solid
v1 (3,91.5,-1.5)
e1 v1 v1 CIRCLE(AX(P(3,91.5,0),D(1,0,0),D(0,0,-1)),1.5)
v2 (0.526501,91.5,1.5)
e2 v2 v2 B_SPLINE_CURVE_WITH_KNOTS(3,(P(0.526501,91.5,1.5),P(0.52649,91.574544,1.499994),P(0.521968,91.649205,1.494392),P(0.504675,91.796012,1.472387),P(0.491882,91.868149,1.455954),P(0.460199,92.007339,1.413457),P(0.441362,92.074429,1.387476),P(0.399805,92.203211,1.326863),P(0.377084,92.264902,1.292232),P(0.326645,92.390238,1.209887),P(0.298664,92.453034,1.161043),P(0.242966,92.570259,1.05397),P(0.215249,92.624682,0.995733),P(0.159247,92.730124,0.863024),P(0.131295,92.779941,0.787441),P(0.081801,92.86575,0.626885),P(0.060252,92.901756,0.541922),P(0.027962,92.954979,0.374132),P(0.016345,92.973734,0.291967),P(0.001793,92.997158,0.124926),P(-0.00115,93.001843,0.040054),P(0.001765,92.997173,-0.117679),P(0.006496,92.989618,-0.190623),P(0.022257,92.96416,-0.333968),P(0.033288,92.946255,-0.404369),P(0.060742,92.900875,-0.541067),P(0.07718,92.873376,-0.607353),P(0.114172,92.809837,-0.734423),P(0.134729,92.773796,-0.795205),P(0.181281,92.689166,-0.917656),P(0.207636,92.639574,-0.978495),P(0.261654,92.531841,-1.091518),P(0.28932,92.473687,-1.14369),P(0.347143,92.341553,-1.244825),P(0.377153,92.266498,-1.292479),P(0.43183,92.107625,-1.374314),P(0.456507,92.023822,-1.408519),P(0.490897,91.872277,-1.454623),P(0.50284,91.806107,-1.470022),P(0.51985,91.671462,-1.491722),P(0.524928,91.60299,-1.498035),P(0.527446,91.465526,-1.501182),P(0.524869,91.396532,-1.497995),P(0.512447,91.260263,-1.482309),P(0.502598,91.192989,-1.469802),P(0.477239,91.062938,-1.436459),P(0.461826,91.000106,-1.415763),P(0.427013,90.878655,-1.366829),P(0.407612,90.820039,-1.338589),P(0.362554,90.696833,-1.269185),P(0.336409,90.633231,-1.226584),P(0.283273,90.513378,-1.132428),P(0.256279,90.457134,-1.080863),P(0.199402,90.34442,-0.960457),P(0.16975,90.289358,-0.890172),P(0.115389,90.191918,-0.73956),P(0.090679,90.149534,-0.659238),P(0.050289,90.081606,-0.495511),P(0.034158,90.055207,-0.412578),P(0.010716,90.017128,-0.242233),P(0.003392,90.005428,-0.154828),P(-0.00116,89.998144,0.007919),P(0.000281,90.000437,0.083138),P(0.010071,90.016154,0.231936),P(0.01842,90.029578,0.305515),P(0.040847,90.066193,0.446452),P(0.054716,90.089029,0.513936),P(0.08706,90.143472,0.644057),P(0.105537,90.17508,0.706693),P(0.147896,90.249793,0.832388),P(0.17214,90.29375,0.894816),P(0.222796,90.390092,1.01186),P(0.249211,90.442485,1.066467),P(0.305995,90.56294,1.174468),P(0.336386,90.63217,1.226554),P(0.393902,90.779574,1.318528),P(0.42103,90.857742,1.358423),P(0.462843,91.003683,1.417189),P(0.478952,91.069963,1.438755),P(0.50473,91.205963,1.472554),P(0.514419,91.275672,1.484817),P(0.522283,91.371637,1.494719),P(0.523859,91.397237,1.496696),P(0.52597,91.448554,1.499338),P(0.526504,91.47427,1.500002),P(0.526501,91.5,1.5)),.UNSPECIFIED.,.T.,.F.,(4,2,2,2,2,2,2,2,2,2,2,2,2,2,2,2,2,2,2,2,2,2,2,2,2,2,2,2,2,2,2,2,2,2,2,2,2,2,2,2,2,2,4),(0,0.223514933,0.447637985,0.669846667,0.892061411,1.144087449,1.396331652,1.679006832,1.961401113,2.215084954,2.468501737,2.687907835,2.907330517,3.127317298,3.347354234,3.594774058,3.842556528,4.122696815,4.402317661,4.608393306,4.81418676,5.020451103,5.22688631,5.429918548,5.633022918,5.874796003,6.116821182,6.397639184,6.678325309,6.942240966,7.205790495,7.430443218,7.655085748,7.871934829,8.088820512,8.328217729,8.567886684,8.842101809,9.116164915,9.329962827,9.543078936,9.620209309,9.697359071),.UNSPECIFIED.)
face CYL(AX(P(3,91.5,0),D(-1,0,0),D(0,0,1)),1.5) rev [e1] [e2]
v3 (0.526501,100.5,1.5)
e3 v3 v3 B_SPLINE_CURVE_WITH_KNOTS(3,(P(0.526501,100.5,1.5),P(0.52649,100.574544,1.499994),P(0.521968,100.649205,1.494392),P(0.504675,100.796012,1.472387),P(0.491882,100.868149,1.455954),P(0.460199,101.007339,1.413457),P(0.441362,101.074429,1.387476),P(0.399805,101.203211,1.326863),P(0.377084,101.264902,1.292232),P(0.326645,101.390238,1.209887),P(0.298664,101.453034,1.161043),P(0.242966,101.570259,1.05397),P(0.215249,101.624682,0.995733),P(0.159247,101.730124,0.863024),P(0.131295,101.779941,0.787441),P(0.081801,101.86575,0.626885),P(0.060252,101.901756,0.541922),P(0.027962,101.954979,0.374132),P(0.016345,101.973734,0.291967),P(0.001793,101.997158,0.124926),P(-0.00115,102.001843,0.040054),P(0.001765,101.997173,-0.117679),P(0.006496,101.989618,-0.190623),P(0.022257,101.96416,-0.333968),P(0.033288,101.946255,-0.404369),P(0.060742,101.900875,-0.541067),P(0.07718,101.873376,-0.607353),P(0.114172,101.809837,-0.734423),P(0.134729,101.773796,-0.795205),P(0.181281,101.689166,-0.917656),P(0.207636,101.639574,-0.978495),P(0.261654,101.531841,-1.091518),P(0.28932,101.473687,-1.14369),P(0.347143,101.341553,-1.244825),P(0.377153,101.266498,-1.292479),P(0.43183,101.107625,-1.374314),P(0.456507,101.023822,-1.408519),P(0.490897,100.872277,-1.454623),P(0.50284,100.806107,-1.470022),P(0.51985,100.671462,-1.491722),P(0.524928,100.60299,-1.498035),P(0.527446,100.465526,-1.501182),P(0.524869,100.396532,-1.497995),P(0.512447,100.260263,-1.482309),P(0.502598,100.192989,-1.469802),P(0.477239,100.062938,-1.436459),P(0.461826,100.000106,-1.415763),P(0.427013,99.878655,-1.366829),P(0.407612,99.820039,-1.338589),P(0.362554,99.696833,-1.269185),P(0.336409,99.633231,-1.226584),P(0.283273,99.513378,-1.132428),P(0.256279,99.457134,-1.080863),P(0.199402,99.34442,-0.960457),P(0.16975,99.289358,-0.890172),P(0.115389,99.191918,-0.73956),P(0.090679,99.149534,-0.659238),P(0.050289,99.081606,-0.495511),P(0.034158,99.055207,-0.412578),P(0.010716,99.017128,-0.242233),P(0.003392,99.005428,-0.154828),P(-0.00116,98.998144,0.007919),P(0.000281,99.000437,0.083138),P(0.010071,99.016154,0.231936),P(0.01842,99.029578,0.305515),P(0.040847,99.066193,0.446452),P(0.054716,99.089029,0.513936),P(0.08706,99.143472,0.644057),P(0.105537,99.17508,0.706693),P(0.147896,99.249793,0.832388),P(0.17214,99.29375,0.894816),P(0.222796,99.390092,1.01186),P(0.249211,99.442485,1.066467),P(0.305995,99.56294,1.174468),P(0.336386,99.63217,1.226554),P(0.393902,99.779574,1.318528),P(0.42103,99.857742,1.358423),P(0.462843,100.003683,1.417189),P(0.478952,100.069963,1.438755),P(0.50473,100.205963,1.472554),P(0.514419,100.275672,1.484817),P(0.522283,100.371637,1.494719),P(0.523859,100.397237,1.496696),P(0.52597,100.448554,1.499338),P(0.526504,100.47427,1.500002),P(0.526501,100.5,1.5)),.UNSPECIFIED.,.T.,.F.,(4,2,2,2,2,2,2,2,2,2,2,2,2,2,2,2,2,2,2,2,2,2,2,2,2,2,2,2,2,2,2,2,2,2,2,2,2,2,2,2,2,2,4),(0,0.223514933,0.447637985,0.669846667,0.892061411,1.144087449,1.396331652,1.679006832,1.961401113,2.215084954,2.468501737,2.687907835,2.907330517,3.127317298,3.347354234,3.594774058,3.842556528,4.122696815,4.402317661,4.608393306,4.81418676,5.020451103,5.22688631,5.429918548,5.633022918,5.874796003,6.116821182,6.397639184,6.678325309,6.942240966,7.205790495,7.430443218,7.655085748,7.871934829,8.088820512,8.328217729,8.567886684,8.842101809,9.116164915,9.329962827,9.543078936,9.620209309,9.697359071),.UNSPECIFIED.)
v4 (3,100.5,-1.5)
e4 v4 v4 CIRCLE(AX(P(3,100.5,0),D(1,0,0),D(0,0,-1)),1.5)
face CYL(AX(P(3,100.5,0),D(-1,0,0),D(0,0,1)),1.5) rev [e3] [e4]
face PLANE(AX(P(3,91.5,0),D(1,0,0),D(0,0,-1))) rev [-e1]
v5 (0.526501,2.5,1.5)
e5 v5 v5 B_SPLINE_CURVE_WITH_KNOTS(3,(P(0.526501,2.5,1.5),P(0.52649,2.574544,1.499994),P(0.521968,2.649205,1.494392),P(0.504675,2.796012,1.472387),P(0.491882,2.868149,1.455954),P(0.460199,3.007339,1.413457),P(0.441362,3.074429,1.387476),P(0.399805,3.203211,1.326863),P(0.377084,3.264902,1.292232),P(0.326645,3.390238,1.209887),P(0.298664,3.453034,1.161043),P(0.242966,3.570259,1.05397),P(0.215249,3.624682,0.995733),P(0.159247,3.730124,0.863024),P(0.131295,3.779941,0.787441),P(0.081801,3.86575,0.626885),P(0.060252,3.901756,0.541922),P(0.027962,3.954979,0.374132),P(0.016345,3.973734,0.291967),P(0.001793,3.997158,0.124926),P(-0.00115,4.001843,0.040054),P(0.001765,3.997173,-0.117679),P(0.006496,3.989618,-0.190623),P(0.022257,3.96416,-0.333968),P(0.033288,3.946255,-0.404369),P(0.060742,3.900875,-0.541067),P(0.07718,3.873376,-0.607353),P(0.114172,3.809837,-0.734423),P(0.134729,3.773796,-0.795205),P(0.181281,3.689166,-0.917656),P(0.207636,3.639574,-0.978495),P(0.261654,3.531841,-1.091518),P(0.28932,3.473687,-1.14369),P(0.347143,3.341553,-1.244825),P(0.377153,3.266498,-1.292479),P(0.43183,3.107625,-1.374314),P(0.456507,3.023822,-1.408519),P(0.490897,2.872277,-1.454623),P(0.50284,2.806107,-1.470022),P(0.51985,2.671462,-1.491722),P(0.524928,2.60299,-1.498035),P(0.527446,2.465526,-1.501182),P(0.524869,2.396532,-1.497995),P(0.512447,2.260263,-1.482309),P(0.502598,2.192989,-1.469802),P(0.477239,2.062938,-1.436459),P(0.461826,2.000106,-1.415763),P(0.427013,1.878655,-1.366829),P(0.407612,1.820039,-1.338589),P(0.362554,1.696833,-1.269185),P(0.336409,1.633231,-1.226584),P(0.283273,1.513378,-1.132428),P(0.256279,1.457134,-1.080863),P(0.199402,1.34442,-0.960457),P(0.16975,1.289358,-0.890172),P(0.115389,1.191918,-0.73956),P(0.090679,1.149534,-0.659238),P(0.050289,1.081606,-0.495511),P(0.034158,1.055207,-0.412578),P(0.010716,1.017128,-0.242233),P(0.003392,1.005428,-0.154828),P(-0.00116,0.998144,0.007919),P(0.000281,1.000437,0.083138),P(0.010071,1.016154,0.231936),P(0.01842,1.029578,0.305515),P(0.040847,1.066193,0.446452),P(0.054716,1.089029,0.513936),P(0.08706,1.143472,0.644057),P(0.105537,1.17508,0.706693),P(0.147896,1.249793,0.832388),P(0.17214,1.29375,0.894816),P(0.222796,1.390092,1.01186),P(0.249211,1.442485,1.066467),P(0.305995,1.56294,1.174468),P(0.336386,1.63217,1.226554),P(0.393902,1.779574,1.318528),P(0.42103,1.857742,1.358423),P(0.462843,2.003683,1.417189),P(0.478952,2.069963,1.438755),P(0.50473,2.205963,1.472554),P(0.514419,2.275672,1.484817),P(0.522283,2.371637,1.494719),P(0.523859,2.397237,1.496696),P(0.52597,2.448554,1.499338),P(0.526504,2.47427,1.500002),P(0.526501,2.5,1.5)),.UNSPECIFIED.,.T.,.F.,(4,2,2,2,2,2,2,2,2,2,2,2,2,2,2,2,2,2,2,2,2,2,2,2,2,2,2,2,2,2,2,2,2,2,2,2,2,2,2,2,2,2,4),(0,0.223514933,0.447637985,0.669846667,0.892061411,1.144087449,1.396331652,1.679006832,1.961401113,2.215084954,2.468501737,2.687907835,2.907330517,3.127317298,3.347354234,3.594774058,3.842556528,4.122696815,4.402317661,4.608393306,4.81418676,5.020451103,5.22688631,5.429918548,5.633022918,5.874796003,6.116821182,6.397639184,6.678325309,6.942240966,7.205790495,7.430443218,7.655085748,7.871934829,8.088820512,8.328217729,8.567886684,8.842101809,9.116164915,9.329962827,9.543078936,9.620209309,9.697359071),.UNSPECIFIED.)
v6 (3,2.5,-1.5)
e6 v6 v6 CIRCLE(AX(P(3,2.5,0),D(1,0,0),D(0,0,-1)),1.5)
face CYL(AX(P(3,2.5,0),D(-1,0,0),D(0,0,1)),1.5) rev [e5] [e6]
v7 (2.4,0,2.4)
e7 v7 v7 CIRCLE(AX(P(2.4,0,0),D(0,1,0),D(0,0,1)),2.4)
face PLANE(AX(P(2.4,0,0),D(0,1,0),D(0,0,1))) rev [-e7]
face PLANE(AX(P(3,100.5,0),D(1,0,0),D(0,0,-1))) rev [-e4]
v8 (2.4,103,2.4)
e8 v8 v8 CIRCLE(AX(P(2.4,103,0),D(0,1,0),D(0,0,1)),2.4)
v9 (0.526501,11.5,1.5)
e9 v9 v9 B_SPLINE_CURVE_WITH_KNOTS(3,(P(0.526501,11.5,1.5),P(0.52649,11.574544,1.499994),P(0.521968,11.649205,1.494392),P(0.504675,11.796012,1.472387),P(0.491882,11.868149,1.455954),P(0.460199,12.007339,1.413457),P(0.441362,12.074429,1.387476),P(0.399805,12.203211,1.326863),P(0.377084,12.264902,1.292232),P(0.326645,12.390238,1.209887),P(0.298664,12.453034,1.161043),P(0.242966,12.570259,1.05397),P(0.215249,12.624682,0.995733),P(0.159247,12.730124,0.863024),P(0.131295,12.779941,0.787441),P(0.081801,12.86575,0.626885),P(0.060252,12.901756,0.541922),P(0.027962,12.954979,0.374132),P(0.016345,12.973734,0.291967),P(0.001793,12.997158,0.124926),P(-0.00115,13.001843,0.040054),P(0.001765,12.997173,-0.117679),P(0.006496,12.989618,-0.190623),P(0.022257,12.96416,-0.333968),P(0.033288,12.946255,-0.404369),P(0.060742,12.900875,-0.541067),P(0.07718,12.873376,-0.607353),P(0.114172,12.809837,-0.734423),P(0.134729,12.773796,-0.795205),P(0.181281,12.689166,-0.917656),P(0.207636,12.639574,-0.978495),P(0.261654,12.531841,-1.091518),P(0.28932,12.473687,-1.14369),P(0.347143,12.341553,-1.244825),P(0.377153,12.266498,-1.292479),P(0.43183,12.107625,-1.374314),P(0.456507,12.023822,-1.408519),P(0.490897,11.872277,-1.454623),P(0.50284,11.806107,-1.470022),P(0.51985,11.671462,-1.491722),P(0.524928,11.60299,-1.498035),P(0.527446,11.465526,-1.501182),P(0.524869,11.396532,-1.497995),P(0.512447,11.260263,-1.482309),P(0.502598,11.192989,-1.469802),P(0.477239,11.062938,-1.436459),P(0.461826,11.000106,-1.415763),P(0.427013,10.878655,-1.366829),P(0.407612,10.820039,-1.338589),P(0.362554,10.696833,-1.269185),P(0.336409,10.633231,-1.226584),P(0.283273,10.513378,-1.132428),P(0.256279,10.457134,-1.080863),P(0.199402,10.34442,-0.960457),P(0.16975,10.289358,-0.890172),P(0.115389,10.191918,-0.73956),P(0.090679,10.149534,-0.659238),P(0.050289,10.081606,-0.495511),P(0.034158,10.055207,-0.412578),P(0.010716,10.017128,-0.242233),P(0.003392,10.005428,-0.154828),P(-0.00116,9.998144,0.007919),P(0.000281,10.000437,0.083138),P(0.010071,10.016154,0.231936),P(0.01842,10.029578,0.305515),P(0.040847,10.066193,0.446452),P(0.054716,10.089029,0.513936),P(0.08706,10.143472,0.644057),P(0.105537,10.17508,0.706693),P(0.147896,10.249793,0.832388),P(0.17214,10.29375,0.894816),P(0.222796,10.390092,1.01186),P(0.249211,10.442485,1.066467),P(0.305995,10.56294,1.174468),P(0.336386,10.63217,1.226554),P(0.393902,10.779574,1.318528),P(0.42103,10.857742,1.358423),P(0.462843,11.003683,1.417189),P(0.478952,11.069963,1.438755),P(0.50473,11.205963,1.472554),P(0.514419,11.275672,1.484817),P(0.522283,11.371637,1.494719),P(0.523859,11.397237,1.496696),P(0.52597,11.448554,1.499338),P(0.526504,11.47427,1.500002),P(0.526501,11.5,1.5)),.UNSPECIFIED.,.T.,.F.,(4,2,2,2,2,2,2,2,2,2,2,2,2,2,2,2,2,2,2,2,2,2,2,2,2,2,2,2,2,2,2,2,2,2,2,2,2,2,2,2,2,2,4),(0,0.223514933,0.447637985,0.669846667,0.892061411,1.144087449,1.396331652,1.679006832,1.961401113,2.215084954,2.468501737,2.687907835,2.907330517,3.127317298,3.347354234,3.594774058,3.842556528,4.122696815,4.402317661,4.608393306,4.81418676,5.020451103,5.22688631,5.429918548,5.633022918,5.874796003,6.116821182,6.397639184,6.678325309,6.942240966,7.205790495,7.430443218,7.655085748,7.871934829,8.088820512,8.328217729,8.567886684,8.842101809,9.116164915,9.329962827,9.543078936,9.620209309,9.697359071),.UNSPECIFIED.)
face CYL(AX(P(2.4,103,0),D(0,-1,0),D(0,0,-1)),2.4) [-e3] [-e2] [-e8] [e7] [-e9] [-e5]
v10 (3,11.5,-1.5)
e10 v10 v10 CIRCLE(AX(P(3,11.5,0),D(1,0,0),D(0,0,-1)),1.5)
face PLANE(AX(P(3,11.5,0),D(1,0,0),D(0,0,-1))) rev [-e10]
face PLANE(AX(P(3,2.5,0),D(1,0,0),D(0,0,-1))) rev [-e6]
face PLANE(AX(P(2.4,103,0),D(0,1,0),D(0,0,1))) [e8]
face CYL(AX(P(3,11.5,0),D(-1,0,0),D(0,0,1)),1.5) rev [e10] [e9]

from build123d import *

# Parameters (mm, degrees)
SZKIC5_R                    = 2.4
DODANIE_WYCI_GNI_CIE2_DEPTH = 103
SZKIC6_R                    = 1.5
WYTNIJ_WYCI_GNI_CIE1_DEPTH  = 3


with BuildPart() as part:
    # Szkic5 → Dodanie-wyciągnięcie2 (new body)
    with BuildSketch(Plane(origin=(0, 0, 0), x_dir=(1, 0, 0), z_dir=(0, 1, 0))):
        with Locations(Location((2.4, 0, 0), (0, 0, 270))):
            Circle(SZKIC5_R)
    extrude(amount=DODANIE_WYCI_GNI_CIE2_DEPTH)

    # Szkic6 → Wytnij-wyciągnięcie1 (cut)
    with BuildSketch(Plane(origin=(0, 0, 0), x_dir=(0, 0, -1), z_dir=(1, 0, 0))):
        with Locations(Location((0, 2.5, 0), (0, 0, 180))):
            Circle(SZKIC6_R)
        with Locations(Location((0, 11.5, 0), (0, 0, 180))):
            Circle(SZKIC6_R)
        with Locations(Location((0, 91.5, 0), (0, 0, 180))):
            Circle(SZKIC6_R)
        with Locations(Location((0, 100.5, 0), (0, 0, 180))):
            Circle(SZKIC6_R)
    extrude(amount=WYTNIJ_WYCI_GNI_CIE1_DEPTH, mode=Mode.SUBTRACT)


solid = part.part
